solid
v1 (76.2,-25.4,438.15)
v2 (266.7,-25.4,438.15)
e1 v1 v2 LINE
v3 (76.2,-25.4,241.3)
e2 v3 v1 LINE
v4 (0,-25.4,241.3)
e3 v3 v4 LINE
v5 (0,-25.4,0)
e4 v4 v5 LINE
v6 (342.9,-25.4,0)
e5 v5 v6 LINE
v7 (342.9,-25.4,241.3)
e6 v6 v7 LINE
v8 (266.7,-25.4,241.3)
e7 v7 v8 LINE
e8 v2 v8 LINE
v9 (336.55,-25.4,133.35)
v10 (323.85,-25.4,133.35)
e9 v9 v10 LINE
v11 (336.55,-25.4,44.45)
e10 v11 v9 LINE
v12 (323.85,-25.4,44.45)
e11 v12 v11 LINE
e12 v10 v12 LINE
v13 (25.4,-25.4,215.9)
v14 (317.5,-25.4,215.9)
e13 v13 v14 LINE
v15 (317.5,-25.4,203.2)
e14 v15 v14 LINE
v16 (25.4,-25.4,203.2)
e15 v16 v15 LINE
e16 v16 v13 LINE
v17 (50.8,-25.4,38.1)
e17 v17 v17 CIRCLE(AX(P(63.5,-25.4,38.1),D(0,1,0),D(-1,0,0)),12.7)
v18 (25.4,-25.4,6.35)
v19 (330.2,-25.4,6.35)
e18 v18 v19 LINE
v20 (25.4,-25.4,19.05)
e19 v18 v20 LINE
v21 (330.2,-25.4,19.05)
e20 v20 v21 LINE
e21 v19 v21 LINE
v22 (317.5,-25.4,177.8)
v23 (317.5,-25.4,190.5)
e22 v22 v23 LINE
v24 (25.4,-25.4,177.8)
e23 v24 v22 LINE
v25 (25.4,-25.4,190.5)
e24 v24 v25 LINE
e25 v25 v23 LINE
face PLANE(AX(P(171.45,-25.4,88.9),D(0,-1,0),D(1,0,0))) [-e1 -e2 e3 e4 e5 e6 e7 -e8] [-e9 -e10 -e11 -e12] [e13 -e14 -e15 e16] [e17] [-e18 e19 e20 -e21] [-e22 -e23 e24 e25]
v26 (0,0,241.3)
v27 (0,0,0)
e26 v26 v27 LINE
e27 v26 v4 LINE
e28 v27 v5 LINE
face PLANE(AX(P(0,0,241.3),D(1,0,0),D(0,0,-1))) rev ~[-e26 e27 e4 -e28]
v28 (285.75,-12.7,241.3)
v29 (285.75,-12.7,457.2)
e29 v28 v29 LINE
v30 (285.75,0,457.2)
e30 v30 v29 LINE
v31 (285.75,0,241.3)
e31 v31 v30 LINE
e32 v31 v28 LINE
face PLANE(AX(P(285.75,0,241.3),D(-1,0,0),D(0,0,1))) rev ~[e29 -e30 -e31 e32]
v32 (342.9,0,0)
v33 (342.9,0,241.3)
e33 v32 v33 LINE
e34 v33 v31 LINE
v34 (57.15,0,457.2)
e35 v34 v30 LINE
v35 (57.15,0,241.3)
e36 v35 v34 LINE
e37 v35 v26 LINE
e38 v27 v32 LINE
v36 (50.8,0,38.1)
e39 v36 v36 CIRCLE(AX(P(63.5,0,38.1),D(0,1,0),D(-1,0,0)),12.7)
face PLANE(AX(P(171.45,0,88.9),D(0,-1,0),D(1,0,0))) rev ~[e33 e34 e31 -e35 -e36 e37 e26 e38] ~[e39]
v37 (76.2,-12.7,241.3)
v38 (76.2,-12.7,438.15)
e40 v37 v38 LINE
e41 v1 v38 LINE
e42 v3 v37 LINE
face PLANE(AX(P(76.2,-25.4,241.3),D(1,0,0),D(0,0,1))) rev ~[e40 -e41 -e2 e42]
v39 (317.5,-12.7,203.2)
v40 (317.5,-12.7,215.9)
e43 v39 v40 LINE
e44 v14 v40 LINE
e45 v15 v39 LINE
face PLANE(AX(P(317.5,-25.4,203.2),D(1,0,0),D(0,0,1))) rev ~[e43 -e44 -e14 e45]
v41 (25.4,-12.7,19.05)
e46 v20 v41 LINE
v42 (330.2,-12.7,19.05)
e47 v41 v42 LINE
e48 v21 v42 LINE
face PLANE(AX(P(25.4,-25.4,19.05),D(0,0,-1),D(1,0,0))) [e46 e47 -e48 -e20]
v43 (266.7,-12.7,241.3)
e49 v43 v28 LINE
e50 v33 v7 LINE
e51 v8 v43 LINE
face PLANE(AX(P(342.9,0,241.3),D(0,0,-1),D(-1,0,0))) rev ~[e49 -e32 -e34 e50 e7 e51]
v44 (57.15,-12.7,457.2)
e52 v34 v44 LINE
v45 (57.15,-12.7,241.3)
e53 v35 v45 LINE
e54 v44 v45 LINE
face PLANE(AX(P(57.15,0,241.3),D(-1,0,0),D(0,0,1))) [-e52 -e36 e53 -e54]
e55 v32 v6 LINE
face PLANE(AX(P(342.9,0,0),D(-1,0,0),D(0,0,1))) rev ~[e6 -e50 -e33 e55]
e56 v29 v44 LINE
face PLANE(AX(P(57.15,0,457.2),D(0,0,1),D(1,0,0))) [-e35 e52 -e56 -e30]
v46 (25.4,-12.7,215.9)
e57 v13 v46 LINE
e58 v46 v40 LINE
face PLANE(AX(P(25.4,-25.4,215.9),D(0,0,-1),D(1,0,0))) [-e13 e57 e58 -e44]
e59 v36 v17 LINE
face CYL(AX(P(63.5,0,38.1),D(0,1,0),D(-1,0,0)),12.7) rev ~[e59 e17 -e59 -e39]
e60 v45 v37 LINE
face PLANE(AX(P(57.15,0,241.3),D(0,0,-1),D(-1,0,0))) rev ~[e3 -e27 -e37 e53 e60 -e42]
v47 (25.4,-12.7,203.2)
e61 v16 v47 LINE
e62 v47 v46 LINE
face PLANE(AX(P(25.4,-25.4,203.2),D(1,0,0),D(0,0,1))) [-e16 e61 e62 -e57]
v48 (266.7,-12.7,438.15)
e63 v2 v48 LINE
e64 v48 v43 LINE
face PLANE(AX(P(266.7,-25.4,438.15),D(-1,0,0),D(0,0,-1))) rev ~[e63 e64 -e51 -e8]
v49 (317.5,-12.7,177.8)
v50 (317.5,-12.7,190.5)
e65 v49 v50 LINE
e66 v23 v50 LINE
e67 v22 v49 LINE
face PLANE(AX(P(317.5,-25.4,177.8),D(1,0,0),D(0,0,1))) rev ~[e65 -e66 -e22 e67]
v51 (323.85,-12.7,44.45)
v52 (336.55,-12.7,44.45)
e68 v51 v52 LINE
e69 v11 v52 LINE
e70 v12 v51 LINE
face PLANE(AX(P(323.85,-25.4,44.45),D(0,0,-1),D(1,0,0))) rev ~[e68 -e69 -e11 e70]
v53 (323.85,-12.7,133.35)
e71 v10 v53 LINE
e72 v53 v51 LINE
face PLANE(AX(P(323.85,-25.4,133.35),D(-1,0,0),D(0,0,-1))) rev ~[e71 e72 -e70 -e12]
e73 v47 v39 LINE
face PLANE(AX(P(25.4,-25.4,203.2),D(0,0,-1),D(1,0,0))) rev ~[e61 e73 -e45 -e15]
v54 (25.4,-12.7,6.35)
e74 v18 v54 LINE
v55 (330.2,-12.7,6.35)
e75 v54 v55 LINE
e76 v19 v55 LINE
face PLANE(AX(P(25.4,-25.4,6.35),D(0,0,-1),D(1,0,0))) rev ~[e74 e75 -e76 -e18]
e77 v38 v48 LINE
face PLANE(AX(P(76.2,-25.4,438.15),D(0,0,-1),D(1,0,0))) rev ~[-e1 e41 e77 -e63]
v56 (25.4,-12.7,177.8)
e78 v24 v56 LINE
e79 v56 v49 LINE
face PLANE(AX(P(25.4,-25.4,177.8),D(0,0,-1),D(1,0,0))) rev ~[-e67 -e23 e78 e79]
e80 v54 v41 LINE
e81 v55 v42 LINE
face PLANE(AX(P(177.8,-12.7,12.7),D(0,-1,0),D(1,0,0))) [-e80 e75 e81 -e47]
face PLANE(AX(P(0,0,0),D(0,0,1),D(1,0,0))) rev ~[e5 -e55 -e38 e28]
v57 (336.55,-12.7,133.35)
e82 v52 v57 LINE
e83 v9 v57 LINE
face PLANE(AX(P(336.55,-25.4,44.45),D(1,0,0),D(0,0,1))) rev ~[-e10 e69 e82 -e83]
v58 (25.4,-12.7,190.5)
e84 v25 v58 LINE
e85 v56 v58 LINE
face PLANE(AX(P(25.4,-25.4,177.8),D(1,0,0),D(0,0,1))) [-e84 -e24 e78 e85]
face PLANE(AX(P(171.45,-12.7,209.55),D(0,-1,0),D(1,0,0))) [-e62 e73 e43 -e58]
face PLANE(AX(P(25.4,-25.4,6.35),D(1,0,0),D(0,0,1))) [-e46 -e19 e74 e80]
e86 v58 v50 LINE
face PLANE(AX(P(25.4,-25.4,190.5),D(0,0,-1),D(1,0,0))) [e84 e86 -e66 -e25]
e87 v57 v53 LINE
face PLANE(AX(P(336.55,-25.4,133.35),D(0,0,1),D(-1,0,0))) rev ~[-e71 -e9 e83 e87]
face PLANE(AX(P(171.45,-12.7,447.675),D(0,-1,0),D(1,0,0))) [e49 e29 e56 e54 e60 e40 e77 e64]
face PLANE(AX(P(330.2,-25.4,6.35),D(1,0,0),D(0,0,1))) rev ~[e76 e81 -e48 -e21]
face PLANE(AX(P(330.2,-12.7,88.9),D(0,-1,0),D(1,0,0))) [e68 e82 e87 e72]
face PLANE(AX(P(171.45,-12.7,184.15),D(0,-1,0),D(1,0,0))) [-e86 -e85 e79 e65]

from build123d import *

# Parameters (mm, degrees)
F0_W      = 342.9
F0_H      = 177.8
F0_W_2    = 228.6
F0_H_2    = 215.9
F1_DEPTH  = 25.4
F2_W      = 304.8
F2_H      = 12.7
F3_DEPTH  = 12.7
F4_W      = 304.8
F4_H      = 12.7
F5_DEPTH  = 12.7
F6_R      = 12.7
F7_DEPTH  = 25.4
F9_DEPTH  = 12.7
F10_W     = 190.5
F10_H     = 19.05
F11_DEPTH = 12.7
F12_W     = 292.1
F12_H     = 12.7
F13_DEPTH = 12.7


with BuildPart() as f1:
    # F0 (on Front) → F1 (new body)
    with BuildSketch(Plane.XZ):
        with Locations((171.45, 88.9)):
            Rectangle(F0_W, F0_H)
        Polygon((0, 241.3), (0, 177.8), (342.9, 177.8), (342.9, 241.3), (285.75, 241.3), (57.15, 241.3), align=None)
        with Locations((171.45, 349.25)):
            Rectangle(F0_W_2, F0_H_2)
    extrude(amount=F1_DEPTH)

    # F2 (on face) → F3 (cut)
    with BuildSketch(Plane.XZ.offset(25.4)):
        with Locations((177.8, 12.7)):
            Rectangle(F2_W, F2_H)
    extrude(amount=-F3_DEPTH, mode=Mode.SUBTRACT)

    # F4 (on face) → F5 (cut)
    with BuildSketch(Plane.XZ.offset(25.4)):
        with Locations((177.8, -12.7)):
            Rectangle(F4_W, F4_H)
    extrude(amount=-F5_DEPTH, mode=Mode.SUBTRACT)

    # F6 (on face) → F7 (cut)
    with BuildSketch(Plane(origin=(0, 0, 0), x_dir=(-1, 0, 0), z_dir=(0, 1, 0))):
        with Locations((-63.5, 38.1)):
            Circle(F6_R)
    extrude(amount=-F7_DEPTH, mode=Mode.SUBTRACT)

    # F8 (on face) → F9 (cut)
    with BuildSketch(Plane.XZ.offset(25.4)):
        Polygon((323.85, 44.45), (330.2, 44.45), (336.55, 44.45), (336.55, 133.35), (323.85, 133.35), align=None)
    extrude(amount=-F9_DEPTH, mode=Mode.SUBTRACT)

    # F10 (on face) → F11 (cut)
    with BuildSketch(Plane.XZ.offset(25.4)):
        with Locations((171.45, 447.675)):
            Rectangle(F10_W, F10_H)
        Polygon((76.2, 438.15), (76.2, 457.2), (57.15, 457.2), (57.15, 241.3), (76.2, 241.3), align=None)
        Polygon((285.75, 241.3), (285.75, 457.2), (266.7, 457.2), (266.7, 438.15), (266.7, 241.3), align=None)
    extrude(amount=-F11_DEPTH, mode=Mode.SUBTRACT)

    # F12 (on face) → F13 (cut)
    with BuildSketch(Plane.XZ.offset(25.4)):
        with Locations((171.45, 209.55)):
            Rectangle(F12_W, F12_H)
        with Locations((171.45, 184.15)):
            Rectangle(F12_W, F12_H)
    extrude(amount=-F13_DEPTH, mode=Mode.SUBTRACT)


solid = f1.part
